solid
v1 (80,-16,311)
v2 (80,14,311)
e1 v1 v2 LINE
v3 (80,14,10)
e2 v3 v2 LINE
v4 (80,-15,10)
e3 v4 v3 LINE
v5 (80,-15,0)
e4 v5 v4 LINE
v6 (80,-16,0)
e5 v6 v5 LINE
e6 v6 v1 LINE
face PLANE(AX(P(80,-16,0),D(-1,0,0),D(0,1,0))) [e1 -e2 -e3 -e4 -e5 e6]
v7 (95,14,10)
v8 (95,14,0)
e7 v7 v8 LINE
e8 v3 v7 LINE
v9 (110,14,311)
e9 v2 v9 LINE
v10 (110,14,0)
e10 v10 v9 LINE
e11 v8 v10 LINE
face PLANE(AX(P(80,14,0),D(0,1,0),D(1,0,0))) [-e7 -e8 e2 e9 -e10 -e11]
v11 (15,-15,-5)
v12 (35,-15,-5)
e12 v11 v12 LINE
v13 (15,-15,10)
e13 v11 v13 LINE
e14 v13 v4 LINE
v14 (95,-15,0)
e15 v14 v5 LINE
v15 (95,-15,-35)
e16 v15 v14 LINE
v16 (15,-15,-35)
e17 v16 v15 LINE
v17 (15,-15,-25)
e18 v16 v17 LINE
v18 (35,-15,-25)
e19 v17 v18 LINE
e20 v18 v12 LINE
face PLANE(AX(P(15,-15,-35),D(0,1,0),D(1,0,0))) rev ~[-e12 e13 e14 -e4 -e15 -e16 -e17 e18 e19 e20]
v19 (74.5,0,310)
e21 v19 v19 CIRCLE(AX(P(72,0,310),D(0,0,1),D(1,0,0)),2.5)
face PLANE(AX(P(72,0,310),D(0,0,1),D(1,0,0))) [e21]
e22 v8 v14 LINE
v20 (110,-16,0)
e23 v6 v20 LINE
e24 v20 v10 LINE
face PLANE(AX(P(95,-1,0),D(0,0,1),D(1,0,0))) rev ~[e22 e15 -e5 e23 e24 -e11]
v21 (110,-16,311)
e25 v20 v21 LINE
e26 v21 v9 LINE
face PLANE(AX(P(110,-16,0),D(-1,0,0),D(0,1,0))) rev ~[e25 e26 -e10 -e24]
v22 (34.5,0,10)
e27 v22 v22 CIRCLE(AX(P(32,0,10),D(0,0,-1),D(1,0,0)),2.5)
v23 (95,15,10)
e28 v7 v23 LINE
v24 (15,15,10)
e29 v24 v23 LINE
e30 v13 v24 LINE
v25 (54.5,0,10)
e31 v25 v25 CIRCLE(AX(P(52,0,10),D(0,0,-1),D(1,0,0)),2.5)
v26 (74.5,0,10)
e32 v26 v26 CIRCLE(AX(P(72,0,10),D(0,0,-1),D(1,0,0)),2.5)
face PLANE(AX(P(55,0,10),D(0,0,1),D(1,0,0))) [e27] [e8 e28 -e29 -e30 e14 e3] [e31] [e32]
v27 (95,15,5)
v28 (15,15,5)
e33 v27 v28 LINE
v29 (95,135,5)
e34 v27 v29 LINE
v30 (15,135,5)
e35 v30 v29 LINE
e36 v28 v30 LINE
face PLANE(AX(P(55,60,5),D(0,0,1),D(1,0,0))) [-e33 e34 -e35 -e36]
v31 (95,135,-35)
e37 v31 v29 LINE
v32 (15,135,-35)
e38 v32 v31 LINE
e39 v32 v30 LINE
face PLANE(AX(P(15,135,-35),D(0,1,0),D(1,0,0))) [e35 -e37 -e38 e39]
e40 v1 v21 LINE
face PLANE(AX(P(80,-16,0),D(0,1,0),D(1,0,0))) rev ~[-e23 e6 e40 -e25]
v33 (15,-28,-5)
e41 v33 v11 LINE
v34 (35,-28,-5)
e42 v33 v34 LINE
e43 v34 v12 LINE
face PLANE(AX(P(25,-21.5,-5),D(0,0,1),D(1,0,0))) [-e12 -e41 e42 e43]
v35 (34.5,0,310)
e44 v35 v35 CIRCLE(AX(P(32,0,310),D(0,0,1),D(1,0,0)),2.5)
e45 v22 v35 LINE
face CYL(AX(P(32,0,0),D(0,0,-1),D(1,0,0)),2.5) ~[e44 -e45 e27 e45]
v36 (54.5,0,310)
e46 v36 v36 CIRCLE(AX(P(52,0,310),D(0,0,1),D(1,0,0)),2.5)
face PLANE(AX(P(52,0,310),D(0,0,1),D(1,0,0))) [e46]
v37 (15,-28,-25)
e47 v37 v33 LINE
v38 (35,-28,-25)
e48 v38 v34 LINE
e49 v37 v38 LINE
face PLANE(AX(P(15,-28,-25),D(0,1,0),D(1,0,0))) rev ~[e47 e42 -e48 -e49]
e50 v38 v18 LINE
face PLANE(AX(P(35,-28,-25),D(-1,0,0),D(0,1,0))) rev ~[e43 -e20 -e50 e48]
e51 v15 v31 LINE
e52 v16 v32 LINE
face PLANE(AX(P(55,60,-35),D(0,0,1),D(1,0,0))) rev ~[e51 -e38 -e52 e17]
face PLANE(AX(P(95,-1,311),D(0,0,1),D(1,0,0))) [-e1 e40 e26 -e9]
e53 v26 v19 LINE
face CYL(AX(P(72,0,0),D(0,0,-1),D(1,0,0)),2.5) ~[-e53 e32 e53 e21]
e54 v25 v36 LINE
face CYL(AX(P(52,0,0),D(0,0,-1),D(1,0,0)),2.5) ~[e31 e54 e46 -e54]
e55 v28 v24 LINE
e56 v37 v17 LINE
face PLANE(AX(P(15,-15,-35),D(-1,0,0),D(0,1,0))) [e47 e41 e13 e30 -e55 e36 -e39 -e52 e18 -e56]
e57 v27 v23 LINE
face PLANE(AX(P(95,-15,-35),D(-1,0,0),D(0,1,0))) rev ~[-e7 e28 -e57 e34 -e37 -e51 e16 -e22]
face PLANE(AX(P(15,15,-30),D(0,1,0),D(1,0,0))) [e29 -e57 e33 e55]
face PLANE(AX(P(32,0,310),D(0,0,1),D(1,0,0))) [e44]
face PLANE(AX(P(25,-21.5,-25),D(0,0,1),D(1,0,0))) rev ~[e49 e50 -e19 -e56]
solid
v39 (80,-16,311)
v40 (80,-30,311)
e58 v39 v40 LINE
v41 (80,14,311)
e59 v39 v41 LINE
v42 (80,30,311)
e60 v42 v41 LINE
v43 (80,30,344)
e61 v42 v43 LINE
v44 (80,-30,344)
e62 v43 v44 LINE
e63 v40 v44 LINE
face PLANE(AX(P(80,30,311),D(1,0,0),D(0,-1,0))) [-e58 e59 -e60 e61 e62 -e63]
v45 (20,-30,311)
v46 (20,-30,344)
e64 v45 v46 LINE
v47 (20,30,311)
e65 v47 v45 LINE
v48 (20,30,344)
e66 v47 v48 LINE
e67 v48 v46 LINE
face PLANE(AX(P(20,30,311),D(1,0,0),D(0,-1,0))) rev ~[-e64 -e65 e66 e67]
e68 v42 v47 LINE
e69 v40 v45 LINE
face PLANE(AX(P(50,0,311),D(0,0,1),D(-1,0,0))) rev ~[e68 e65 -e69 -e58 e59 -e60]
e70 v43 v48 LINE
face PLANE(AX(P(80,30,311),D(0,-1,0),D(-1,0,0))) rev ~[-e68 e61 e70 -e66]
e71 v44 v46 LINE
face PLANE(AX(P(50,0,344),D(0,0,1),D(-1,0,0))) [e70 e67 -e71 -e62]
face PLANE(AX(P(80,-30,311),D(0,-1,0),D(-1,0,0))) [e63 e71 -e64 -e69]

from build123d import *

# Parameters (mm, degrees)
BOX002_W          = 80
BOX002_H          = 150
BOX002_DEPTH      = 40
CYLINDER_R        = 2.5
CYLINDER_DEPTH    = 310
CYLINDER001_R     = 2.5
CYLINDER001_DEPTH = 310
CYLINDER002_R     = 2.5
CYLINDER002_DEPTH = 310
BOX009_W          = 60
BOX009_H          = 60
BOX009_DEPTH      = 33
BOX025_W          = 80
BOX025_H          = 30
BOX025_DEPTH      = 40
BOX033_W          = 20
BOX033_H          = 13
BOX033_DEPTH      = 20
BOX001_W          = 30
BOX001_H          = 30
BOX001_DEPTH      = 311


with BuildPart() as electronicsbox:
    # Box002 → Box002 (new body)
    with BuildSketch(Plane(origin=(15, -15, -35), x_dir=(1, 0, 0), z_dir=(0, 0, 1))):
        with Locations((40, 75)):
            Rectangle(BOX002_W, BOX002_H)
    extrude(amount=BOX002_DEPTH)


with BuildPart() as innerzrail:
    # Cylinder → Cylinder (new body)
    with BuildSketch(Plane(origin=(32, 0, 0), x_dir=(1, 0, 0), z_dir=(0, 0, 1))):
        Circle(CYLINDER_R)
    extrude(amount=CYLINDER_DEPTH)


with BuildPart() as outerzrail:
    # Cylinder001 → Cylinder001 (new body)
    with BuildSketch(Plane(origin=(72, 0, 0), x_dir=(1, 0, 0), z_dir=(0, 0, 1))):
        Circle(CYLINDER001_R)
    extrude(amount=CYLINDER001_DEPTH)


with BuildPart() as zspindle:
    # Cylinder002 → Cylinder002 (new body)
    with BuildSketch(Plane(origin=(52, 0, 0), x_dir=(1, 0, 0), z_dir=(0, 0, 1))):
        Circle(CYLINDER002_R)
    extrude(amount=CYLINDER002_DEPTH)


with BuildPart() as zmotor:
    # Box009 → Box009 (new body)
    with BuildSketch(Plane(origin=(80, 30, 311), x_dir=(-1, 0, 0), z_dir=(0, 0, 1))):
        with Locations((30, 30)):
            Rectangle(BOX009_W, BOX009_H)
    extrude(amount=BOX009_DEPTH)


with BuildPart() as zbeamfixture:
    # Box025 → Box025 (new body)
    with BuildSketch(Plane(origin=(15, -15, -30), x_dir=(1, 0, 0), z_dir=(0, 0, 1))):
        with Locations((40, 15)):
            Rectangle(BOX025_W, BOX025_H)
    extrude(amount=BOX025_DEPTH)


with BuildPart() as mountblock:
    # Box033 → Box033 (new body)
    with BuildSketch(Plane(origin=(15, -28, -25), x_dir=(1, 0, 0), z_dir=(0, 0, 1))):
        with Locations((10, 6.5)):
            Rectangle(BOX033_W, BOX033_H)
    extrude(amount=BOX033_DEPTH)


with BuildPart() as prusamini_zbeam:
    # Box001 → Box001 (new body)
    with BuildSketch(Plane(origin=(80, -16, 0), x_dir=(1, 0, 0), z_dir=(0, 0, 1))):
        with Locations((15, 15)):
            Rectangle(BOX001_W, BOX001_H)
    extrude(amount=BOX001_DEPTH)

    # Fusion: union ElectronicsBox, InnerZRail, OuterZRail, ZSpindle, ZMotor, ZBeamFixture, MountBlock
    add(electronicsbox.part)
    add(innerzrail.part)
    add(outerzrail.part)
    add(zspindle.part)
    add(zmotor.part)
    add(zbeamfixture.part)
    add(mountblock.part)


solid = prusamini_zbeam.part
